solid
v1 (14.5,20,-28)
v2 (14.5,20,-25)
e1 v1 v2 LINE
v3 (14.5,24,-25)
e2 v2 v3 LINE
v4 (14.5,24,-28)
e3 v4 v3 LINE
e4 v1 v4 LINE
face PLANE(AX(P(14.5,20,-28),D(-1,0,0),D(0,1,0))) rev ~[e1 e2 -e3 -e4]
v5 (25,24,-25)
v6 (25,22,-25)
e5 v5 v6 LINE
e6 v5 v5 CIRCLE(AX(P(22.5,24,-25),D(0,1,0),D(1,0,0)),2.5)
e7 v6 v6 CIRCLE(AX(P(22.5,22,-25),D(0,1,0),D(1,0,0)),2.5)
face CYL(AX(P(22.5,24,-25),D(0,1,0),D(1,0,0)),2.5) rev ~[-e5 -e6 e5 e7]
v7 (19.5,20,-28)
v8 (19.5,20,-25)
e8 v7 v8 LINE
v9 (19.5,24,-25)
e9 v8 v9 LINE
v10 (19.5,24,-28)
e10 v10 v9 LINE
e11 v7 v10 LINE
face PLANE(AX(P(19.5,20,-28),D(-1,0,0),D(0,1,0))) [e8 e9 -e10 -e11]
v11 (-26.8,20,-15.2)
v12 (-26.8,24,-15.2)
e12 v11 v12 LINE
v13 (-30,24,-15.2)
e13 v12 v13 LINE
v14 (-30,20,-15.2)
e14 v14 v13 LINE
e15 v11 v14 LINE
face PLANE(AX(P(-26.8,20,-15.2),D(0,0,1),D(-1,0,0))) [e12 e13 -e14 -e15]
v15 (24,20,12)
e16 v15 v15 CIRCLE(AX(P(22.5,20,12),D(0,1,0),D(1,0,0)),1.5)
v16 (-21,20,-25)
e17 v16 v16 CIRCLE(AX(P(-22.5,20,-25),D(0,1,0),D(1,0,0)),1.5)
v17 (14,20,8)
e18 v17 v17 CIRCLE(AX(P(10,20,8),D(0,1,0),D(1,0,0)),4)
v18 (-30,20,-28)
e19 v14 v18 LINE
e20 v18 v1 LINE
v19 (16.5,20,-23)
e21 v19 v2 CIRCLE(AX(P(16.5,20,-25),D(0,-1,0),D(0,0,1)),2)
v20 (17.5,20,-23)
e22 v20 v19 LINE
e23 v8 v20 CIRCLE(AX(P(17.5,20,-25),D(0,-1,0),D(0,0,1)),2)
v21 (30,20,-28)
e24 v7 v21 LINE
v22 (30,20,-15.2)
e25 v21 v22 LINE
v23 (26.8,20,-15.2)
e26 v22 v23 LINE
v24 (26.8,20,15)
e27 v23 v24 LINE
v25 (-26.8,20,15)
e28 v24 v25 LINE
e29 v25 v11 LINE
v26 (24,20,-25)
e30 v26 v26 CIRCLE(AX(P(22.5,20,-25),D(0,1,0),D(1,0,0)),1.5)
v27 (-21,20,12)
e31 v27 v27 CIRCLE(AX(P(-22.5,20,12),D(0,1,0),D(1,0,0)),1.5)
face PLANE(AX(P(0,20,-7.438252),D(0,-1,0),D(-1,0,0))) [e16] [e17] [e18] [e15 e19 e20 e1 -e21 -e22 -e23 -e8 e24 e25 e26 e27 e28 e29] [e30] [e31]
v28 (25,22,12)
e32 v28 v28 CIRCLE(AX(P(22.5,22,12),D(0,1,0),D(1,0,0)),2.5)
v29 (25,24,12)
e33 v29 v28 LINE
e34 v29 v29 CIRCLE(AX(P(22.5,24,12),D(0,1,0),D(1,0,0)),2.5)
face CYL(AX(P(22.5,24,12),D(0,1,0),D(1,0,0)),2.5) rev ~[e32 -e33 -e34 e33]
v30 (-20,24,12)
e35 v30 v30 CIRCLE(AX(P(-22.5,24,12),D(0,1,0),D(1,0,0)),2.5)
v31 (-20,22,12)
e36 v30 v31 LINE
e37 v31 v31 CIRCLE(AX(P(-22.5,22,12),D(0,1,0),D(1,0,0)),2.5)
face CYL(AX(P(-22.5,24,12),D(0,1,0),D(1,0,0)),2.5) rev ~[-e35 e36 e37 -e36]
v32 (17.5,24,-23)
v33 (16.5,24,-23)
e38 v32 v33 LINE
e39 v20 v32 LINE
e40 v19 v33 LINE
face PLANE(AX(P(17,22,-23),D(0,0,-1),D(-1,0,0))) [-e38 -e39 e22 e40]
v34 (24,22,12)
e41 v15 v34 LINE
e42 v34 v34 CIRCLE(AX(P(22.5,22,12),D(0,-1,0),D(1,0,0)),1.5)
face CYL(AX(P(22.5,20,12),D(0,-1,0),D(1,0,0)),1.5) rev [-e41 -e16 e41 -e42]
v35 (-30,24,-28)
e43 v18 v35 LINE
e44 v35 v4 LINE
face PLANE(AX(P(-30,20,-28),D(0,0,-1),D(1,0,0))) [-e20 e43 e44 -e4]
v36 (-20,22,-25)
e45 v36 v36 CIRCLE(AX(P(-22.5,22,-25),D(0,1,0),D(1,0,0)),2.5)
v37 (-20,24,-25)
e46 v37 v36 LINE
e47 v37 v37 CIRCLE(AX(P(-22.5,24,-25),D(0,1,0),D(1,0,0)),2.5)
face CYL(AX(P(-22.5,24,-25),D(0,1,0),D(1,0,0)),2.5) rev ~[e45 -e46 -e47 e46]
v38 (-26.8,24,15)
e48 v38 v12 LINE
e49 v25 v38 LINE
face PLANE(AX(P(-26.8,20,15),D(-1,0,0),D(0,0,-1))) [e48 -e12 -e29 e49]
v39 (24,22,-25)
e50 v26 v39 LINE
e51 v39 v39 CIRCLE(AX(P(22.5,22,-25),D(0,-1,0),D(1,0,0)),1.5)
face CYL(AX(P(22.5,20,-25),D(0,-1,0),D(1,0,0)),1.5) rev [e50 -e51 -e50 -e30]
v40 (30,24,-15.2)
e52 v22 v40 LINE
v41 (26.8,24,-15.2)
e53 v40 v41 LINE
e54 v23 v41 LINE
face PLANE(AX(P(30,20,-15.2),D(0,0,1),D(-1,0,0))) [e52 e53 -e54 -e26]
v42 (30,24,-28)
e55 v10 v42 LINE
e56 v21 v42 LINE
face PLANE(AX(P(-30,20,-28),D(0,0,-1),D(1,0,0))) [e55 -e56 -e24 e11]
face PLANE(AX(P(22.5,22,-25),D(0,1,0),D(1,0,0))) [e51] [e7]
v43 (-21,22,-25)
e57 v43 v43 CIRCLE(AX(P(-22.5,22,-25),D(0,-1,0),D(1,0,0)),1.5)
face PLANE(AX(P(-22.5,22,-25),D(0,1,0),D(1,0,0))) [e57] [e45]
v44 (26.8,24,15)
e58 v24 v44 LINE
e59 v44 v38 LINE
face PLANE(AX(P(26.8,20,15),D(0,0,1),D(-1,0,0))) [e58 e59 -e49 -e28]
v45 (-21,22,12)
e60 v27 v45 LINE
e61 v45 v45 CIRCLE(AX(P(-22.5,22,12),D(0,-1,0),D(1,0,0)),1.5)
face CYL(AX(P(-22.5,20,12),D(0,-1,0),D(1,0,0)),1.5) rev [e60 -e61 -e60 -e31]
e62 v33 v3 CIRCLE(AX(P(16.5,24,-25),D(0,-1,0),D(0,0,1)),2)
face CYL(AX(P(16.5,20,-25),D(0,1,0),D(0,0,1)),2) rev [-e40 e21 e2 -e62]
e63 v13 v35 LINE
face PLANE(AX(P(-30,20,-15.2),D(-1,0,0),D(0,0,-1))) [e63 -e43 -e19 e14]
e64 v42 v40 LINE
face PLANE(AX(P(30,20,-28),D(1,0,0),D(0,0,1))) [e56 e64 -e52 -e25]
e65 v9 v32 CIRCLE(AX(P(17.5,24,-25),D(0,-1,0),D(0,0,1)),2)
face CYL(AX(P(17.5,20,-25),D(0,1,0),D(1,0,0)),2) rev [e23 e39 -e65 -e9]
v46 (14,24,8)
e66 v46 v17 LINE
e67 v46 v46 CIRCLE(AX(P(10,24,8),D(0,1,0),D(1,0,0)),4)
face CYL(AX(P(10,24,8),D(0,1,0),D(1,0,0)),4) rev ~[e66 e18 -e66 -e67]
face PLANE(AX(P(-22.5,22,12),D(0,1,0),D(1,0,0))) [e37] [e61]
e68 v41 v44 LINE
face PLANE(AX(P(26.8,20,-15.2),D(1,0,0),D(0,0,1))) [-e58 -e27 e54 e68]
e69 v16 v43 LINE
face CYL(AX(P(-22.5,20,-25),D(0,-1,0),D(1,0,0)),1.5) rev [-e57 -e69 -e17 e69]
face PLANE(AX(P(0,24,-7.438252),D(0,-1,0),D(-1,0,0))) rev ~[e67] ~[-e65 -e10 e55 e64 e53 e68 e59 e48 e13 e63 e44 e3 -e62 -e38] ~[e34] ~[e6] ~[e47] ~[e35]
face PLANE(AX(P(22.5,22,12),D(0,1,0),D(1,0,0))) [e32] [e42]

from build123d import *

# Parameters (mm, degrees)
SKETCH060_R     = 1.5
PAD035_DEPTH    = 4
SKETCH061_R     = 2.5
POCKET025_DEPTH = 2
SKETCH048_W     = 5
SKETCH048_H     = 4
POCKET019_DEPTH = 5
FILLET012_R     = 2
FILLET013_R     = 2
SKETCH049_R     = 4
POCKET020_DEPTH = 4


with BuildPart() as part:
    # Sketch060 (on CopyDatumPlane) → Pad035 (new body)
    with BuildSketch(Plane(origin=(0, 20, 0), x_dir=(1, 0, 0), z_dir=(0, 1, 0))):
        Polygon((-30, 28), (30, 28), (30, 15.2), (26.8, 15.2), (26.8, -15), (-26.8, -15), (-26.8, 15.2), (-30, 15.2), align=None)
        with Locations((-22.5, 25)):
            Circle(SKETCH060_R, mode=Mode.SUBTRACT)
        with Locations((22.5, 25)):
            Circle(SKETCH060_R, mode=Mode.SUBTRACT)
        with Locations((22.5, -12)):
            Circle(SKETCH060_R, mode=Mode.SUBTRACT)
        with Locations((-22.5, -12)):
            Circle(SKETCH060_R, mode=Mode.SUBTRACT)
    extrude(amount=PAD035_DEPTH)

    # Sketch061 (on Face14 of Pad035) → Pocket025 (cut)
    with BuildSketch(Plane(origin=(0, 24, 0), x_dir=(1, 0, 0), z_dir=(0, 1, 0))):
        with Locations((-22.5, 25)):
            Circle(SKETCH061_R)
        with Locations((22.5, 25)):
            Circle(SKETCH061_R)
        with Locations((22.5, -12)):
            Circle(SKETCH061_R)
        with Locations((-22.5, -12)):
            Circle(SKETCH061_R)
    extrude(amount=-POCKET025_DEPTH, mode=Mode.SUBTRACT)

    # Sketch048 (on Face1 of Pocket025) → Pocket019 (cut)
    with BuildSketch(Plane(origin=(0, 20, -28), x_dir=(-1, 0, 0), z_dir=(0, 0, -1))):
        with Locations((-17, 2)):
            Rectangle(SKETCH048_W, SKETCH048_H)
    extrude(amount=-POCKET019_DEPTH, mode=Mode.SUBTRACT)

    # Fillet012
    fillet012_edges = [part.edges().sort_by_distance(p)[0] for p in [
        (19.5, 22, -23),
    ]]
    fillet(fillet012_edges, radius=FILLET012_R)

    # Fillet013
    fillet013_edges = [part.edges().sort_by_distance(p)[0] for p in [
        (14.5, 22, -23),
    ]]
    fillet(fillet013_edges, radius=FILLET013_R)

    # Sketch049 (on Face20 of Fillet013) → Pocket020 (cut)
    with BuildSketch(Plane(origin=(0, 24, 0), x_dir=(1, 0, 0), z_dir=(0, 1, 0))):
        with Locations((10, -8)):
            Circle(SKETCH049_R)
    extrude(amount=-POCKET020_DEPTH, mode=Mode.SUBTRACT)


solid = part.part
